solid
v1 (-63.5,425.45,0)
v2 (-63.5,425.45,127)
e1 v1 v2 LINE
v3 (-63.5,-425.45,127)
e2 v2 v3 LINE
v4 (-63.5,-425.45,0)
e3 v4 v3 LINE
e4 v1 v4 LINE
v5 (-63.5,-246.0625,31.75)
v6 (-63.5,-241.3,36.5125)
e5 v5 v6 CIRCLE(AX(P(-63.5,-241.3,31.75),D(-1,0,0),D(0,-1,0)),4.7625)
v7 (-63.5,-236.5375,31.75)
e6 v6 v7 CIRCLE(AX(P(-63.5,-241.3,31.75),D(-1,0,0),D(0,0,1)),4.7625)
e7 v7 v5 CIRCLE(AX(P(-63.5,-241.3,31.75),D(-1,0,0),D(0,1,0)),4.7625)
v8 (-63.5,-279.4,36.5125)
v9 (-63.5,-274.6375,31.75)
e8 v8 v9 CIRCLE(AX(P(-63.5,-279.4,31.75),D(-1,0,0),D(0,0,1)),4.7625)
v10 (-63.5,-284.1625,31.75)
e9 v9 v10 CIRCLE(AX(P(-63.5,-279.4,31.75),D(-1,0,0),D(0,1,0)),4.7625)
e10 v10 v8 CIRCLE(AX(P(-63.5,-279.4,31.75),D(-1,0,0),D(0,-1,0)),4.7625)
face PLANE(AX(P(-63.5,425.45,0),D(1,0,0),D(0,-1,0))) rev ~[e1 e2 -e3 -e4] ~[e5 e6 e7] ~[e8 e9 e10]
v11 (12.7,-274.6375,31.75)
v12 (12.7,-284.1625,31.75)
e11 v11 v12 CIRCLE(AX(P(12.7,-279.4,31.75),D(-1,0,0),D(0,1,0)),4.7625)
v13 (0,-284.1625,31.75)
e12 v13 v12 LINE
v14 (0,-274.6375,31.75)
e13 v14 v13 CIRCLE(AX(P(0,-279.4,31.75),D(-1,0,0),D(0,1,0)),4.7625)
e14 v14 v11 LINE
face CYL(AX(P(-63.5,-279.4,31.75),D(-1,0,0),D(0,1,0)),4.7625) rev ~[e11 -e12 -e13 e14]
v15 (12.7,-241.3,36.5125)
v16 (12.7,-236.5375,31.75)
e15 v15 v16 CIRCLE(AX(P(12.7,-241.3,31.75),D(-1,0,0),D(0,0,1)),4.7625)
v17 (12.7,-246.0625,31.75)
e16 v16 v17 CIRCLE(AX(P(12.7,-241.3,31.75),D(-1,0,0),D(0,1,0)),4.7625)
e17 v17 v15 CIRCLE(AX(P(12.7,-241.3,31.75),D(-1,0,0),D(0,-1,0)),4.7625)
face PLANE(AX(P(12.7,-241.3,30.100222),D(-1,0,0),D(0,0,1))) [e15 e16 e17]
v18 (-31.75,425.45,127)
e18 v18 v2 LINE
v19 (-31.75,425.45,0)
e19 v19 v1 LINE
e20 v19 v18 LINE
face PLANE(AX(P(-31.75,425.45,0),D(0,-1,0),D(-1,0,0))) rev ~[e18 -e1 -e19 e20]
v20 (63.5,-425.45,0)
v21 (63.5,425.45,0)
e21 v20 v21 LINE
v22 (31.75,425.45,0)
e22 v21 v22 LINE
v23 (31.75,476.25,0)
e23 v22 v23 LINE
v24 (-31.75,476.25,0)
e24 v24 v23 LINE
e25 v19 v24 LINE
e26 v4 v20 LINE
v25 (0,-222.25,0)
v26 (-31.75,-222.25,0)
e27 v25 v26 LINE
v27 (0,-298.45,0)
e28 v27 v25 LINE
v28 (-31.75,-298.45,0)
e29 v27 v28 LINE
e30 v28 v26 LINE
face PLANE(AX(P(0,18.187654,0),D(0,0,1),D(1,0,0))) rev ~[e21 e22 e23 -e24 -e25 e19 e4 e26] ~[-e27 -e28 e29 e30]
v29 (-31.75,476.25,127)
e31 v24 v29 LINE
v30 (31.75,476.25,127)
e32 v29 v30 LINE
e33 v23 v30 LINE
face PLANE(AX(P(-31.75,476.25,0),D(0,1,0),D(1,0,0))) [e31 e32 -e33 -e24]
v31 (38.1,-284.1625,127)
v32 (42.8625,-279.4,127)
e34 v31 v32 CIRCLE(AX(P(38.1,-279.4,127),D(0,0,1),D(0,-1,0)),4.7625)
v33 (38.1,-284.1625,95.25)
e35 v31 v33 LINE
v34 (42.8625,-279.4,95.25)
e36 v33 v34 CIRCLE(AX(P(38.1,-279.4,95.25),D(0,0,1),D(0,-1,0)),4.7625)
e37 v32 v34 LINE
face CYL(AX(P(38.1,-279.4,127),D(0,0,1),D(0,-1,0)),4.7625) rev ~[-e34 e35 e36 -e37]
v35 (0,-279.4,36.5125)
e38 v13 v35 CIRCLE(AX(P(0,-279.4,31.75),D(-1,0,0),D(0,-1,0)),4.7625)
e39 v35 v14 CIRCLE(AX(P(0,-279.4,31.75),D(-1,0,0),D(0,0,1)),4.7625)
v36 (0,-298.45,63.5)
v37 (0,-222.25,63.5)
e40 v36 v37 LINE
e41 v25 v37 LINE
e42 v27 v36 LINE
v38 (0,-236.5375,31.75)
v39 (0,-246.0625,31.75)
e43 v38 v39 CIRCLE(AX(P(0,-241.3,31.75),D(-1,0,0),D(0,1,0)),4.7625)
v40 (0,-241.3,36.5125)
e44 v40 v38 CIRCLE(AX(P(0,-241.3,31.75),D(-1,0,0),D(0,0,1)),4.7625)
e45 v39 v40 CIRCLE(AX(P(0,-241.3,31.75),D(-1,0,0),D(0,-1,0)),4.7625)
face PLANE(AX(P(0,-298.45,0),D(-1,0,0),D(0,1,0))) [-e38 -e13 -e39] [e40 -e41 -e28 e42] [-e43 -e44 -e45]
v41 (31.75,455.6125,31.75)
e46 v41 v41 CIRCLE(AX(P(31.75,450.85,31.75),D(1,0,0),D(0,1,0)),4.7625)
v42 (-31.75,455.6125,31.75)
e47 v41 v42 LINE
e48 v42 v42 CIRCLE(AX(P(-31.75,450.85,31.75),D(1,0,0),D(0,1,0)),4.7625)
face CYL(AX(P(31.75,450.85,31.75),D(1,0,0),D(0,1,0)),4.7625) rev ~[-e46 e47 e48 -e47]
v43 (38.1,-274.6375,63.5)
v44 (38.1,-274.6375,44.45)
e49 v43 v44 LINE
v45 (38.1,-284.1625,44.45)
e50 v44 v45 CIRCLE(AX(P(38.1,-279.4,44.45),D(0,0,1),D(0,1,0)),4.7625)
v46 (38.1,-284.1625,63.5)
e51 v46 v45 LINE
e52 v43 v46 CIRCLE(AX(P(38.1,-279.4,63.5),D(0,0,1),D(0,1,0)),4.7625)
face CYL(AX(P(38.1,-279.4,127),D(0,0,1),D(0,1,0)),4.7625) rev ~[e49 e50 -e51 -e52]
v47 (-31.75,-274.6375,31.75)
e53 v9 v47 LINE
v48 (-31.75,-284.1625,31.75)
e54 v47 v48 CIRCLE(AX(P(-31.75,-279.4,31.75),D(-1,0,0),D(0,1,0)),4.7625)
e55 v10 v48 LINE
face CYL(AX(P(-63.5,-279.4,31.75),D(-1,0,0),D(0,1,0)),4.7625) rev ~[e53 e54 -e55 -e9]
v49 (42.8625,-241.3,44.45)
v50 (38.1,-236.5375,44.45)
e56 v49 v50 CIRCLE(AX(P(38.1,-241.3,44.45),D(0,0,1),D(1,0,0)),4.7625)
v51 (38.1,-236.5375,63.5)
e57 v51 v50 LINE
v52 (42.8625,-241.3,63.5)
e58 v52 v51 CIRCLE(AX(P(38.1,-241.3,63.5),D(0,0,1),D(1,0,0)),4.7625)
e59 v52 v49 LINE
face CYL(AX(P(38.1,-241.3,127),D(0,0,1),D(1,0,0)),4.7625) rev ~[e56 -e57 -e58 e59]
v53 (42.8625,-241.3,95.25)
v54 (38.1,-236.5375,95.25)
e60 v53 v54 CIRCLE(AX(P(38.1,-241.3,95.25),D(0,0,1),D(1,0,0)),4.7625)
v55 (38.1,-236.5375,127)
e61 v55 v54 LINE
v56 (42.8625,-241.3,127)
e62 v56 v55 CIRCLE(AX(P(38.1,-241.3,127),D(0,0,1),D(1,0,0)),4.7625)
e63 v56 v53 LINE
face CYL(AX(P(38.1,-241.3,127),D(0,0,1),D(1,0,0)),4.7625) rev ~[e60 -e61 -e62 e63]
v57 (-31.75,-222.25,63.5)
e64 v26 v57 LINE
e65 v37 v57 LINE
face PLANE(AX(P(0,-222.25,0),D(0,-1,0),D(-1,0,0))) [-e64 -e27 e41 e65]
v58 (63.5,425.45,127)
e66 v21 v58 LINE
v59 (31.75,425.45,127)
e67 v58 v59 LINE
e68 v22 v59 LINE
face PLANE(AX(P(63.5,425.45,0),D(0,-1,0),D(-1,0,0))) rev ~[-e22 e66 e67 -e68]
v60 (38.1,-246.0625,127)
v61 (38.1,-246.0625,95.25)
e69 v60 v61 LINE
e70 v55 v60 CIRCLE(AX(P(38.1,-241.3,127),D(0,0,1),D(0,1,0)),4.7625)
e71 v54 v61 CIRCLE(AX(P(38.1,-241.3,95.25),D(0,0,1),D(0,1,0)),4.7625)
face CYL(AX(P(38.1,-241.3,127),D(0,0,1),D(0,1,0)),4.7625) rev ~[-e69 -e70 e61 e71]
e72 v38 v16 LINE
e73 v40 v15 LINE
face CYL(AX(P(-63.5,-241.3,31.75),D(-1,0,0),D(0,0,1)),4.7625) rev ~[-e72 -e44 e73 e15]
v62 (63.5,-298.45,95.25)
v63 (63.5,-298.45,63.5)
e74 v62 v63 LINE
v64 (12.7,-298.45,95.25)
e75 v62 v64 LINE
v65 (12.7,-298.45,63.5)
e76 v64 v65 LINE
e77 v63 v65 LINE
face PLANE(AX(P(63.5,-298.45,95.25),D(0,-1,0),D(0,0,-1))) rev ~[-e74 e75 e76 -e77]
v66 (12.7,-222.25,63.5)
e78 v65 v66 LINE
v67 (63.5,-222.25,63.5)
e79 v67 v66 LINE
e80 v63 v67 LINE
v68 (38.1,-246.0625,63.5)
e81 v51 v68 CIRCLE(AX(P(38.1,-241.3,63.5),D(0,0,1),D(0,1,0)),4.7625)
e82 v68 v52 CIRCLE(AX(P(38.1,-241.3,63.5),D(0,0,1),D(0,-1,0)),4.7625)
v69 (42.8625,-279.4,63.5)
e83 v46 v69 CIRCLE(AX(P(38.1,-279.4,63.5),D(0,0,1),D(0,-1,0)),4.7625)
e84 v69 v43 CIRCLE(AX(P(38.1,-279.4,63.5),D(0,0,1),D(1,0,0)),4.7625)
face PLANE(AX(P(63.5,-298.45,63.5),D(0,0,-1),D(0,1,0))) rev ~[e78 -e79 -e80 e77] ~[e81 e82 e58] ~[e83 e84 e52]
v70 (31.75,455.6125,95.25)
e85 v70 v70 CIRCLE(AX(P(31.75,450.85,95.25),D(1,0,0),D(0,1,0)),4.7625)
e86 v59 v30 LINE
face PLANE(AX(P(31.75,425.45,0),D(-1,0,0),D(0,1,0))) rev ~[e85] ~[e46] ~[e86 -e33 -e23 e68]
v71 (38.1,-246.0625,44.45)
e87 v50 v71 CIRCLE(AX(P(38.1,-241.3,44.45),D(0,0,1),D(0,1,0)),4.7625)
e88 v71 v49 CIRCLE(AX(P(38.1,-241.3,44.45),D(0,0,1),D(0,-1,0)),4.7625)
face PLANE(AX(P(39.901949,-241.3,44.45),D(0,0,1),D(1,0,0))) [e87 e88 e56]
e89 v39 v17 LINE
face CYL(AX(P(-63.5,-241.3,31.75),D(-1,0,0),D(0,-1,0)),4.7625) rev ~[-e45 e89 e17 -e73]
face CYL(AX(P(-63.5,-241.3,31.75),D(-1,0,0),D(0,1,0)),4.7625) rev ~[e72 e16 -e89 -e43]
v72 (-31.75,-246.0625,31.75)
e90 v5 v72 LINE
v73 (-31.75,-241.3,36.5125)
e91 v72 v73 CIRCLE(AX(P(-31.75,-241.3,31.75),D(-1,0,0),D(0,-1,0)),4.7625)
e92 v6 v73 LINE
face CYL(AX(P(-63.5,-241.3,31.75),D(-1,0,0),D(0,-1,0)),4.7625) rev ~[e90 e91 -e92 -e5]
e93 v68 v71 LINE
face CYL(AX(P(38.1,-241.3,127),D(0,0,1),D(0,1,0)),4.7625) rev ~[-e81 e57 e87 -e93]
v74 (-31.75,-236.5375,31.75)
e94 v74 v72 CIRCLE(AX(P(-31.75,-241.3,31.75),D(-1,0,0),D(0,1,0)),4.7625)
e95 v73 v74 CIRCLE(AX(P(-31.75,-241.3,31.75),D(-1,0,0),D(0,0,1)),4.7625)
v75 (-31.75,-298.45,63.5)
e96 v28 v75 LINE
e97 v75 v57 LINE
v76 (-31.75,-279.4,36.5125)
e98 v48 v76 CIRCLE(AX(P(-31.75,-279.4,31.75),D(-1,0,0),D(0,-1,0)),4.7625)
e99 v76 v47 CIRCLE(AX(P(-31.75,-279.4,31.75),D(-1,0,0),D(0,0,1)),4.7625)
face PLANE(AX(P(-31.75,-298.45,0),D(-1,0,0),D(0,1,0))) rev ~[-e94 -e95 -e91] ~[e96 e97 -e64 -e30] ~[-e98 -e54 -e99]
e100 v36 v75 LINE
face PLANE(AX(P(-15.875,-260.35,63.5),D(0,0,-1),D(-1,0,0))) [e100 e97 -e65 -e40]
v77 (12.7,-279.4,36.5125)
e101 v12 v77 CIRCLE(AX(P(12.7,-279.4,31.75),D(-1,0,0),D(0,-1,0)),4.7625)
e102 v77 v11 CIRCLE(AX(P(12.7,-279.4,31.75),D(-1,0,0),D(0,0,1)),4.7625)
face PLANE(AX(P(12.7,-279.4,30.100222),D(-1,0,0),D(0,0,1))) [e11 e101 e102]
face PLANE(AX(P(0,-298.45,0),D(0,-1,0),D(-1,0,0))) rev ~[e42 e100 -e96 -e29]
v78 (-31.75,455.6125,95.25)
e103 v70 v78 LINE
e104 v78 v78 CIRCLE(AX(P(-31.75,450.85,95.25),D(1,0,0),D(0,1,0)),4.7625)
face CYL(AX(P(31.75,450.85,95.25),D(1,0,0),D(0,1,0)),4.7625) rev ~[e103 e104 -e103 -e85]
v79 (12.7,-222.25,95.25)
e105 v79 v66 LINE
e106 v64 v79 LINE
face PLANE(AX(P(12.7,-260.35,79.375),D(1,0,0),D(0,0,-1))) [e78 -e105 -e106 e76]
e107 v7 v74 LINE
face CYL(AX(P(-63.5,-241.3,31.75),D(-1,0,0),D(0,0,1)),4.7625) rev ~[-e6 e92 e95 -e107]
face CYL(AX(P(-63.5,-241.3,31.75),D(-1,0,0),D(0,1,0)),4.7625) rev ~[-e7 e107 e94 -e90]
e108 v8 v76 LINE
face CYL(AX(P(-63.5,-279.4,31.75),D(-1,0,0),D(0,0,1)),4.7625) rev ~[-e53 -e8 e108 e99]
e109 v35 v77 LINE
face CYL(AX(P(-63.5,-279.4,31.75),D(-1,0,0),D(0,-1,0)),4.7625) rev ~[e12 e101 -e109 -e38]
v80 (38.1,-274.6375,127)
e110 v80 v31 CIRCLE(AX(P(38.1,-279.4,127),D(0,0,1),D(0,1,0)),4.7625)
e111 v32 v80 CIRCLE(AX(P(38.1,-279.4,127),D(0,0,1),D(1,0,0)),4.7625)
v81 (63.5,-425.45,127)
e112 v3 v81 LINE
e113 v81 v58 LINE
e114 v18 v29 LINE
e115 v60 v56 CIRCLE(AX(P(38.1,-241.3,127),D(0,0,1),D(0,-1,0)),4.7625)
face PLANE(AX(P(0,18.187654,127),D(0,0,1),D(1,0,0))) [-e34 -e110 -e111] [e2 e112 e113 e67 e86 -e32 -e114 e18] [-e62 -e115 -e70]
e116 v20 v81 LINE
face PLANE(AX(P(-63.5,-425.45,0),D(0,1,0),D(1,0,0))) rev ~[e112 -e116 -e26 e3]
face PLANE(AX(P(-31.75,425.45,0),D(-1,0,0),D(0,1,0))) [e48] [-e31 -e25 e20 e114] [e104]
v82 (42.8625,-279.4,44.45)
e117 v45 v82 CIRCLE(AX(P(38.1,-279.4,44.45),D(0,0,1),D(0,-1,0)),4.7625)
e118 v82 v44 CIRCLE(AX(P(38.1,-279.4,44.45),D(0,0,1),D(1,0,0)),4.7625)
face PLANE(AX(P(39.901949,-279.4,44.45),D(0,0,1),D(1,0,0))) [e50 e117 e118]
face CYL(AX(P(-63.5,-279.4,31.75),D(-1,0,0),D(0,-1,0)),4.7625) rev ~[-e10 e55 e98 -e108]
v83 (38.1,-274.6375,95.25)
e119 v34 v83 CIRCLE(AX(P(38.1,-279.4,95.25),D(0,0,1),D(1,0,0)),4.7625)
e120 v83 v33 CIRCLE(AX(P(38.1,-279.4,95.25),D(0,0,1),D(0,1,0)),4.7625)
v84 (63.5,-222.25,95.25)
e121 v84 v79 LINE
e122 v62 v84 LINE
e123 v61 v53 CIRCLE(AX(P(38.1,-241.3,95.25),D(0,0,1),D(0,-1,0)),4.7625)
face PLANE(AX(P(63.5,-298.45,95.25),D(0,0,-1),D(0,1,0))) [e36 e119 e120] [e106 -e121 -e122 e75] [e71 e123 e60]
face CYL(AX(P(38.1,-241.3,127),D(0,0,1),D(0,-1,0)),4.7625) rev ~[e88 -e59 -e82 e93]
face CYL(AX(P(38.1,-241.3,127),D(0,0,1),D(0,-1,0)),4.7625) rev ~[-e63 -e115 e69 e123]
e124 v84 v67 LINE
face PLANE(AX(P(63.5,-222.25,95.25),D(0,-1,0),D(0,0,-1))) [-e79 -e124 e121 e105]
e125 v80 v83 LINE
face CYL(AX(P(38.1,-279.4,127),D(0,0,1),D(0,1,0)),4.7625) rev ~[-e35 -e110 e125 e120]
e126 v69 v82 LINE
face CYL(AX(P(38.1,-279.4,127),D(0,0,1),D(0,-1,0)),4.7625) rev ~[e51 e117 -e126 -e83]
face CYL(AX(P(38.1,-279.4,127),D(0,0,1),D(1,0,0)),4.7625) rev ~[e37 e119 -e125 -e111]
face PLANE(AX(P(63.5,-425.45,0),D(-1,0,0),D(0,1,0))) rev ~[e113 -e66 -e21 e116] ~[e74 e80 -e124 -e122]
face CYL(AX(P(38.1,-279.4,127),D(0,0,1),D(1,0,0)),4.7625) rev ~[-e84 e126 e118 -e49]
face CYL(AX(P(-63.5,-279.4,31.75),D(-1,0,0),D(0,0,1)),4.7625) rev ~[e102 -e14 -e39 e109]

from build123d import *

# Parameters (mm, degrees)
SKETCH1_W           = 63.5
SKETCH1_H           = 50.8
BOSS_EXTRUDE1_DEPTH = 127
SKETCH2_W           = 31.75
SKETCH2_H           = 76.2
CUT_EXTRUDE1_DEPTH  = 50.8
CUT_EXTRUDE3_DEPTH  = 82.55
SKETCH4_W           = 31.75
SKETCH4_H           = 76.2
CUT_EXTRUDE4_DEPTH  = 63.5
CUT_EXTRUDE5_DEPTH  = 76.2
SKETCH6_R           = 4.7625
CUT_EXTRUDE6_DEPTH  = 503.011578552


with BuildPart() as part:
    # Sketch1 → Boss-Extrude1 (new body)
    with BuildSketch(Plane.XY):
        Polygon((63.5, -425.45), (63.5, 425.45), (31.75, 425.45), (31.75, 374.65), (-31.75, 374.65), (-31.75, 425.45), (-63.5, 425.45), (-63.5, -425.45), align=None)
        with Locations((0, 400.05)):
            Rectangle(SKETCH1_W, SKETCH1_H)
        with Locations((0, 450.85)):
            Rectangle(SKETCH1_W, SKETCH1_H)
    extrude(amount=BOSS_EXTRUDE1_DEPTH)

    # Sketch2 → Cut-Extrude1 (cut)
    with BuildSketch(Plane(origin=(63.5, 0, 0), x_dir=(0, 0, -1), z_dir=(1, 0, 0))):
        with Locations((-79.375, -260.35)):
            Rectangle(SKETCH2_W, SKETCH2_H)
    extrude(amount=-CUT_EXTRUDE1_DEPTH, mode=Mode.SUBTRACT)

    # Sketch3 → Cut-Extrude3 (cut)
    with BuildSketch(Plane.XY.offset(127)):
        with BuildLine():
            ThreePointArc((42.8625, -279.4), (41.467596045, -276.032403955), (38.1, -274.6375))
            Line((38.1, -274.6375), (38.1, -284.1625))
            ThreePointArc((38.1, -284.1625), (41.467596045, -282.767596045), (42.8625, -279.4))
        make_face()
        with BuildLine():
            Line((38.1, -284.1625), (38.1, -274.6375))
            ThreePointArc((38.1, -274.6375), (33.3375, -279.4), (38.1, -284.1625))
        make_face()
        with BuildLine():
            ThreePointArc((42.8625, -241.3), (41.467596045, -237.932403955), (38.1, -236.5375))
            Line((38.1, -236.5375), (38.1, -246.0625))
            ThreePointArc((38.1, -246.0625), (41.467596045, -244.667596045), (42.8625, -241.3))
        make_face()
        with BuildLine():
            Line((38.1, -246.0625), (38.1, -236.5375))
            ThreePointArc((38.1, -236.5375), (33.3375, -241.3), (38.1, -246.0625))
        make_face()
    extrude(amount=-CUT_EXTRUDE3_DEPTH, mode=Mode.SUBTRACT)

    # Sketch4 → Cut-Extrude4 (cut)
    with BuildSketch(Plane(origin=(0, 0, 0), x_dir=(-1, 0, 0), z_dir=(0, 0, -1))):
        with Locations((15.875, -260.35)):
            Rectangle(SKETCH4_W, SKETCH4_H)
    extrude(amount=-CUT_EXTRUDE4_DEPTH, mode=Mode.SUBTRACT)

    # Sketch5 → Cut-Extrude5 (cut)
    with BuildSketch(Plane.ZY.offset(63.5)):
        with BuildLine():
            ThreePointArc((31.75, -236.5375), (26.9875, -241.3), (31.75, -246.0625))
            Line((31.75, -246.0625), (31.75, -236.5375))
        make_face()
        with BuildLine():
            Line((31.75, -236.5375), (31.75, -246.0625))
            ThreePointArc((31.75, -246.0625), (35.117596045, -244.667596045), (36.5125, -241.3))
            ThreePointArc((36.5125, -241.3), (35.117596045, -237.932403955), (31.75, -236.5375))
        make_face()
        with BuildLine():
            ThreePointArc((31.75, -274.6375), (26.9875, -279.4), (31.75, -284.1625))
            Line((31.75, -284.1625), (31.75, -274.6375))
        make_face()
        with BuildLine():
            Line((31.75, -274.6375), (31.75, -284.1625))
            ThreePointArc((31.75, -284.1625), (35.117596045, -282.767596045), (36.5125, -279.4))
            ThreePointArc((36.5125, -279.4), (35.117596045, -276.032403955), (31.75, -274.6375))
        make_face()
    extrude(amount=-CUT_EXTRUDE5_DEPTH, mode=Mode.SUBTRACT)

    # Sketch6 → Cut-Extrude6 (cut, through all)
    with BuildSketch(Plane(origin=(31.75, 0, 0), x_dir=(0, 0, -1), z_dir=(1, 0, 0))):
        with Locations(Location((-95.25, 450.85, 0), (0, 0, 90))):
            Circle(SKETCH6_R)
        with Locations(Location((-31.75, 450.85, 0), (0, 0, 90))):
            Circle(SKETCH6_R)
    extrude(amount=-CUT_EXTRUDE6_DEPTH, mode=Mode.SUBTRACT)


solid = part.part
